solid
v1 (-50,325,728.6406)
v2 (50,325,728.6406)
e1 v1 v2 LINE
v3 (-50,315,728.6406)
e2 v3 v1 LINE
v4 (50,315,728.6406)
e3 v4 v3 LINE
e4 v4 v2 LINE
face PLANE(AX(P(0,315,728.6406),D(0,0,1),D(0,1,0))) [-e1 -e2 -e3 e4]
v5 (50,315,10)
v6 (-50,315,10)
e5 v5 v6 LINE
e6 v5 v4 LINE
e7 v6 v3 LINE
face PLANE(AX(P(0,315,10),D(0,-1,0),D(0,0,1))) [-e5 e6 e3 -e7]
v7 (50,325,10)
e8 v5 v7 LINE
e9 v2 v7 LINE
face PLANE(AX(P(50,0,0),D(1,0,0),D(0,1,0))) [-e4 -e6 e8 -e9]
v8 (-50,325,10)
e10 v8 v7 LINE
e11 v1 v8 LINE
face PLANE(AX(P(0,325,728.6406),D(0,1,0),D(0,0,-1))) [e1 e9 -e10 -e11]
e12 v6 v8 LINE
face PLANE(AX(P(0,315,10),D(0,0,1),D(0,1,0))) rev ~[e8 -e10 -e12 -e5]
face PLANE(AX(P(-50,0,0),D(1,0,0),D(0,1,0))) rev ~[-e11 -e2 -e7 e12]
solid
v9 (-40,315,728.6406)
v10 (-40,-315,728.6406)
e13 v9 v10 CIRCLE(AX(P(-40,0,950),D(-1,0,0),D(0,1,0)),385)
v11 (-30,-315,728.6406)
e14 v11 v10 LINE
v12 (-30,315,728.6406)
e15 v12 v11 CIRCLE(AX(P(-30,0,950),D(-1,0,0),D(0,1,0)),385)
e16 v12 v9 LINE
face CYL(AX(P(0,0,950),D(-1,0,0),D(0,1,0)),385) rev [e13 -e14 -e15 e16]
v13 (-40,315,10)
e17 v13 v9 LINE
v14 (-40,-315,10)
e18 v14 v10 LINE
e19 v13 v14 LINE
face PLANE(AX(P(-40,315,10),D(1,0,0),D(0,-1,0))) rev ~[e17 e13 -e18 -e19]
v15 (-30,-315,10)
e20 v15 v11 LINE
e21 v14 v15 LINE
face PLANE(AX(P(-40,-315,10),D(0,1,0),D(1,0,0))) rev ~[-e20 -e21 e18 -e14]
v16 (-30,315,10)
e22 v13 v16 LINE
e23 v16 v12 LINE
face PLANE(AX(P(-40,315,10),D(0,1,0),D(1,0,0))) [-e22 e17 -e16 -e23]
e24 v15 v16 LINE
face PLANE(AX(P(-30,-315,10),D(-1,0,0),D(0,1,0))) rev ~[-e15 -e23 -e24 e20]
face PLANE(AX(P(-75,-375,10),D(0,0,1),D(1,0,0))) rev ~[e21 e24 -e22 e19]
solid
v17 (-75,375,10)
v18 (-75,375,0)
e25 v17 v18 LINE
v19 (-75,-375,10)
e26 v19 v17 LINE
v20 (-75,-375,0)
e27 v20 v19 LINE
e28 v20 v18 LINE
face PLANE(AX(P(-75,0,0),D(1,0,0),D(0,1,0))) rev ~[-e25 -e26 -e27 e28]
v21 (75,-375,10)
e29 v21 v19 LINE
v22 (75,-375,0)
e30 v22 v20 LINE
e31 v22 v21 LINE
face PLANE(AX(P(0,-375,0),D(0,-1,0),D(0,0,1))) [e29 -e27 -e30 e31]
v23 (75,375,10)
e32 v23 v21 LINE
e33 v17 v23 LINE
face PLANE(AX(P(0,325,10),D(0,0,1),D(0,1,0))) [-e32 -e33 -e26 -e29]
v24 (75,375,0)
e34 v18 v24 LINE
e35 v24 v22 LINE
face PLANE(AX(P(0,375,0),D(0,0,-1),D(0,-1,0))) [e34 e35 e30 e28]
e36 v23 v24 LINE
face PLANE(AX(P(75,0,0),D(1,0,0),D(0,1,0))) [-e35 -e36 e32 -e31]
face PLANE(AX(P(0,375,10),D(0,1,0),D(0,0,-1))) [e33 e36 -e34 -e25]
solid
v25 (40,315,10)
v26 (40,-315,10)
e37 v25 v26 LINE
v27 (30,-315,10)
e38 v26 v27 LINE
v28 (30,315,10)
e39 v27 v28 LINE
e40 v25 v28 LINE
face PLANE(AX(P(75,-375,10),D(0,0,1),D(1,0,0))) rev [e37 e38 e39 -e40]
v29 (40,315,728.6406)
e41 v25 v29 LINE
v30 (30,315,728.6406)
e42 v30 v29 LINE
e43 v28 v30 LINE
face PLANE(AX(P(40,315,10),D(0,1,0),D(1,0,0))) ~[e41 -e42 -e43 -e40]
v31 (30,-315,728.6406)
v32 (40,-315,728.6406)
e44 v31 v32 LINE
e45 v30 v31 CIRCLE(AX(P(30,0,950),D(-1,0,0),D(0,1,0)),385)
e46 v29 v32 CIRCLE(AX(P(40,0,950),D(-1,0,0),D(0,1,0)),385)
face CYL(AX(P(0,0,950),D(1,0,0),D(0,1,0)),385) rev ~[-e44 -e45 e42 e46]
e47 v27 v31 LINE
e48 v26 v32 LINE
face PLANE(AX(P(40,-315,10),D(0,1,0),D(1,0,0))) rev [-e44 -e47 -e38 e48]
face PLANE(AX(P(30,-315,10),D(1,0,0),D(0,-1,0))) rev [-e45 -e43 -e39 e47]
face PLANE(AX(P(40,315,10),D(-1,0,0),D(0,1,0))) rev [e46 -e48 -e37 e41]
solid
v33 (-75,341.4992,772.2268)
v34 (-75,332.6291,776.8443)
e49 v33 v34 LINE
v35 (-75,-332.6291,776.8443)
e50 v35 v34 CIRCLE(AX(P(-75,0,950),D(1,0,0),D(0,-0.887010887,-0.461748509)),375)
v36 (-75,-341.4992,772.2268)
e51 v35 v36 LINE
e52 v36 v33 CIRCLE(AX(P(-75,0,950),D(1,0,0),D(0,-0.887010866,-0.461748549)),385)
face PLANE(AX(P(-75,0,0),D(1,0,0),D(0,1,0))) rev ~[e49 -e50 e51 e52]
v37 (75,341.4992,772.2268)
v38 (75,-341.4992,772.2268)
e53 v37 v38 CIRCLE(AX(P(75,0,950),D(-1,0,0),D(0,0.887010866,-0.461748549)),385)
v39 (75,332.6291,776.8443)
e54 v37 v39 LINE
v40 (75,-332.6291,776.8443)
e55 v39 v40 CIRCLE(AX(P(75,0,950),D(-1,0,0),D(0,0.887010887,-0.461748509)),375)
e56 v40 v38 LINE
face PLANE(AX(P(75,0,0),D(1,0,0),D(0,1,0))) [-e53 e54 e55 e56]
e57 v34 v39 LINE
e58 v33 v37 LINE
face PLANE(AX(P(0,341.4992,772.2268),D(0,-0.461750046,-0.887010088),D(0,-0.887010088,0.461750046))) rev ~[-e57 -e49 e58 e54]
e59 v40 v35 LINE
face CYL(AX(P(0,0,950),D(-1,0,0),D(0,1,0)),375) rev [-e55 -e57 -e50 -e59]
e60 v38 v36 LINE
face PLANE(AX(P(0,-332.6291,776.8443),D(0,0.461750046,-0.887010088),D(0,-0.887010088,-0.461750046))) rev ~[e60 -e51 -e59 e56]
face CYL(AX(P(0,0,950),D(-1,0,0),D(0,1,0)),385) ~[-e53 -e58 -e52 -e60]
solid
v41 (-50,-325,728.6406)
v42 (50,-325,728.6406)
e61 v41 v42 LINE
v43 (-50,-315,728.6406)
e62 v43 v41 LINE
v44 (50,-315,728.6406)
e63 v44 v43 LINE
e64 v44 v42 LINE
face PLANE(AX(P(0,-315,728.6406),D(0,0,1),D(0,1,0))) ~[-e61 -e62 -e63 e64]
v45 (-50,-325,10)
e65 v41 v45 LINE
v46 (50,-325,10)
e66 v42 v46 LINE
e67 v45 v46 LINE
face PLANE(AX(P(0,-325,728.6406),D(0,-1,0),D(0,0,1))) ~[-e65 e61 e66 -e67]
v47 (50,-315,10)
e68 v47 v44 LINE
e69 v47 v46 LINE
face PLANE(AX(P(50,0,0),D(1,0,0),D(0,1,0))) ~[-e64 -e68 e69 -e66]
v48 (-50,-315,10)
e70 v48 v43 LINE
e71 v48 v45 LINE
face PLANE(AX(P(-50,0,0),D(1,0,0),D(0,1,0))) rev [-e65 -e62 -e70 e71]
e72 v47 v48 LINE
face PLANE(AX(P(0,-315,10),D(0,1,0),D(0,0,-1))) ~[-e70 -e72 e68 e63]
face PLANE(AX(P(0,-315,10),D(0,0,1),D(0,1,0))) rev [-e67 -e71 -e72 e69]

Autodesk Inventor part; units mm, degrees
ref_plane "YZ Plane" through (0, 0, 0) normal (1, 0, 0) x (0, 1, 0)
ref_plane "XZ Plane" through (0, 0, 0) normal (0, 1, 0) x (-1, 0, 0)
ref_plane "XY Plane" through (0, 0, 0) normal (0, 0, 1) x (1, 0, 0)
sketch "Sketch1" plane through (0, 0, 0) normal (1, 0, 0) x (0, 1, 0)
  line L0 (375, 0) -> (-375, 0)
  line L1 (-375, 0) -> (-375, 10)
  line L2 (-375, 10) -> (375, 10)
  line L3 (375, 10) -> (375, 0)
  line L4 (325, 10) -> (315, 10)
  line L5 (315, 10) -> (315, 728.6406)
  line L6 (315, 728.6406) -> (325, 728.6406)
  line L7 (325, 728.6406) -> (325, 10)
  circle A0 centre (0, 950) radius 375
  circle A1 centre (0, 950) radius 385
  line L8 (341.4992, 772.2268) -> (332.6291, 776.8443)
  line L9 (-332.6291, 776.8443) -> (-341.4992, 772.2268)
  line L10 (0, 0) -> (0, 950)
  line L11 (-90, 10) -> (-90, 275)
  arc A2 (90, 275) -> (-90, 275) centre (0, 275) ccw
  line L12 (90, 275) -> (90, 10)
  line L13 (-100, 10) -> (-100, 275)
  arc A3 (100, 275) -> (-100, 275) centre (0, 275) ccw
  line L14 (100, 275) -> (100, 10)
  line L15 (-100, 10) -> (-90, 10)
  line L16 (90, 10) -> (100, 10)
  dimension "d0" = 750
  dimension "d1" = 10
  dimension "d2" = 750
  dimension "d3" = 950
  dimension "d4" = 10
  dimension "d5" = 10
  dimension "d6" = 50
  dimension "d7" = 125
  dimension "d18" = 10
  dimension "d19" = 265
  dimension "d20" = 100
extrude "Extrusion1" add sketch "Sketch1" along normal mid plane 150 contours L0 L10 L2 L3 | L0 L1 L2 L10
extrude "Extrusion2" add sketch "Sketch1" along normal mid plane 150 separate body contours A1 L10 A0 L8 | A1 L9 A0 L10
extrude "Extrusion3" add sketch "Sketch1" along normal mid plane 100 separate body contours L2 L5 L6 L7
mirror "Mirror1" about plane through (0, 0, 0) normal (0, 1, 0) bodies 3
sketch "Sketch2" plane through (-75, -375, 10) normal (0, 0, 1) x (1, 0, 0)
  line L0 (25, 60) -> (125, 60) projected
  line L1 (25, 690) -> (125, 690) projected
  line L2 (35, 60) -> (45, 60)
  line L3 (45, 60) -> (45, 690)
  line L4 (45, 690) -> (35, 690)
  line L5 (35, 690) -> (35, 60)
  point P0 (75, 375)
  dimension "d14" = 10
  dimension "d15" = 30
extrude "Extrusion4" add sketch "Sketch2" along normal up to next separate body
mirror "Mirror2" about plane through (0, 0, 0) normal (1, 0, 0) bodies 4
extrude "PipeCut" [suppressed]
extrude "PipeCutSup" [suppressed]
equation "\"d4\" = d1"
equation "\"d23\" = d12"
equation "\"d12\" = 100"
properties part number "Vessel Support C" material "Steel"
